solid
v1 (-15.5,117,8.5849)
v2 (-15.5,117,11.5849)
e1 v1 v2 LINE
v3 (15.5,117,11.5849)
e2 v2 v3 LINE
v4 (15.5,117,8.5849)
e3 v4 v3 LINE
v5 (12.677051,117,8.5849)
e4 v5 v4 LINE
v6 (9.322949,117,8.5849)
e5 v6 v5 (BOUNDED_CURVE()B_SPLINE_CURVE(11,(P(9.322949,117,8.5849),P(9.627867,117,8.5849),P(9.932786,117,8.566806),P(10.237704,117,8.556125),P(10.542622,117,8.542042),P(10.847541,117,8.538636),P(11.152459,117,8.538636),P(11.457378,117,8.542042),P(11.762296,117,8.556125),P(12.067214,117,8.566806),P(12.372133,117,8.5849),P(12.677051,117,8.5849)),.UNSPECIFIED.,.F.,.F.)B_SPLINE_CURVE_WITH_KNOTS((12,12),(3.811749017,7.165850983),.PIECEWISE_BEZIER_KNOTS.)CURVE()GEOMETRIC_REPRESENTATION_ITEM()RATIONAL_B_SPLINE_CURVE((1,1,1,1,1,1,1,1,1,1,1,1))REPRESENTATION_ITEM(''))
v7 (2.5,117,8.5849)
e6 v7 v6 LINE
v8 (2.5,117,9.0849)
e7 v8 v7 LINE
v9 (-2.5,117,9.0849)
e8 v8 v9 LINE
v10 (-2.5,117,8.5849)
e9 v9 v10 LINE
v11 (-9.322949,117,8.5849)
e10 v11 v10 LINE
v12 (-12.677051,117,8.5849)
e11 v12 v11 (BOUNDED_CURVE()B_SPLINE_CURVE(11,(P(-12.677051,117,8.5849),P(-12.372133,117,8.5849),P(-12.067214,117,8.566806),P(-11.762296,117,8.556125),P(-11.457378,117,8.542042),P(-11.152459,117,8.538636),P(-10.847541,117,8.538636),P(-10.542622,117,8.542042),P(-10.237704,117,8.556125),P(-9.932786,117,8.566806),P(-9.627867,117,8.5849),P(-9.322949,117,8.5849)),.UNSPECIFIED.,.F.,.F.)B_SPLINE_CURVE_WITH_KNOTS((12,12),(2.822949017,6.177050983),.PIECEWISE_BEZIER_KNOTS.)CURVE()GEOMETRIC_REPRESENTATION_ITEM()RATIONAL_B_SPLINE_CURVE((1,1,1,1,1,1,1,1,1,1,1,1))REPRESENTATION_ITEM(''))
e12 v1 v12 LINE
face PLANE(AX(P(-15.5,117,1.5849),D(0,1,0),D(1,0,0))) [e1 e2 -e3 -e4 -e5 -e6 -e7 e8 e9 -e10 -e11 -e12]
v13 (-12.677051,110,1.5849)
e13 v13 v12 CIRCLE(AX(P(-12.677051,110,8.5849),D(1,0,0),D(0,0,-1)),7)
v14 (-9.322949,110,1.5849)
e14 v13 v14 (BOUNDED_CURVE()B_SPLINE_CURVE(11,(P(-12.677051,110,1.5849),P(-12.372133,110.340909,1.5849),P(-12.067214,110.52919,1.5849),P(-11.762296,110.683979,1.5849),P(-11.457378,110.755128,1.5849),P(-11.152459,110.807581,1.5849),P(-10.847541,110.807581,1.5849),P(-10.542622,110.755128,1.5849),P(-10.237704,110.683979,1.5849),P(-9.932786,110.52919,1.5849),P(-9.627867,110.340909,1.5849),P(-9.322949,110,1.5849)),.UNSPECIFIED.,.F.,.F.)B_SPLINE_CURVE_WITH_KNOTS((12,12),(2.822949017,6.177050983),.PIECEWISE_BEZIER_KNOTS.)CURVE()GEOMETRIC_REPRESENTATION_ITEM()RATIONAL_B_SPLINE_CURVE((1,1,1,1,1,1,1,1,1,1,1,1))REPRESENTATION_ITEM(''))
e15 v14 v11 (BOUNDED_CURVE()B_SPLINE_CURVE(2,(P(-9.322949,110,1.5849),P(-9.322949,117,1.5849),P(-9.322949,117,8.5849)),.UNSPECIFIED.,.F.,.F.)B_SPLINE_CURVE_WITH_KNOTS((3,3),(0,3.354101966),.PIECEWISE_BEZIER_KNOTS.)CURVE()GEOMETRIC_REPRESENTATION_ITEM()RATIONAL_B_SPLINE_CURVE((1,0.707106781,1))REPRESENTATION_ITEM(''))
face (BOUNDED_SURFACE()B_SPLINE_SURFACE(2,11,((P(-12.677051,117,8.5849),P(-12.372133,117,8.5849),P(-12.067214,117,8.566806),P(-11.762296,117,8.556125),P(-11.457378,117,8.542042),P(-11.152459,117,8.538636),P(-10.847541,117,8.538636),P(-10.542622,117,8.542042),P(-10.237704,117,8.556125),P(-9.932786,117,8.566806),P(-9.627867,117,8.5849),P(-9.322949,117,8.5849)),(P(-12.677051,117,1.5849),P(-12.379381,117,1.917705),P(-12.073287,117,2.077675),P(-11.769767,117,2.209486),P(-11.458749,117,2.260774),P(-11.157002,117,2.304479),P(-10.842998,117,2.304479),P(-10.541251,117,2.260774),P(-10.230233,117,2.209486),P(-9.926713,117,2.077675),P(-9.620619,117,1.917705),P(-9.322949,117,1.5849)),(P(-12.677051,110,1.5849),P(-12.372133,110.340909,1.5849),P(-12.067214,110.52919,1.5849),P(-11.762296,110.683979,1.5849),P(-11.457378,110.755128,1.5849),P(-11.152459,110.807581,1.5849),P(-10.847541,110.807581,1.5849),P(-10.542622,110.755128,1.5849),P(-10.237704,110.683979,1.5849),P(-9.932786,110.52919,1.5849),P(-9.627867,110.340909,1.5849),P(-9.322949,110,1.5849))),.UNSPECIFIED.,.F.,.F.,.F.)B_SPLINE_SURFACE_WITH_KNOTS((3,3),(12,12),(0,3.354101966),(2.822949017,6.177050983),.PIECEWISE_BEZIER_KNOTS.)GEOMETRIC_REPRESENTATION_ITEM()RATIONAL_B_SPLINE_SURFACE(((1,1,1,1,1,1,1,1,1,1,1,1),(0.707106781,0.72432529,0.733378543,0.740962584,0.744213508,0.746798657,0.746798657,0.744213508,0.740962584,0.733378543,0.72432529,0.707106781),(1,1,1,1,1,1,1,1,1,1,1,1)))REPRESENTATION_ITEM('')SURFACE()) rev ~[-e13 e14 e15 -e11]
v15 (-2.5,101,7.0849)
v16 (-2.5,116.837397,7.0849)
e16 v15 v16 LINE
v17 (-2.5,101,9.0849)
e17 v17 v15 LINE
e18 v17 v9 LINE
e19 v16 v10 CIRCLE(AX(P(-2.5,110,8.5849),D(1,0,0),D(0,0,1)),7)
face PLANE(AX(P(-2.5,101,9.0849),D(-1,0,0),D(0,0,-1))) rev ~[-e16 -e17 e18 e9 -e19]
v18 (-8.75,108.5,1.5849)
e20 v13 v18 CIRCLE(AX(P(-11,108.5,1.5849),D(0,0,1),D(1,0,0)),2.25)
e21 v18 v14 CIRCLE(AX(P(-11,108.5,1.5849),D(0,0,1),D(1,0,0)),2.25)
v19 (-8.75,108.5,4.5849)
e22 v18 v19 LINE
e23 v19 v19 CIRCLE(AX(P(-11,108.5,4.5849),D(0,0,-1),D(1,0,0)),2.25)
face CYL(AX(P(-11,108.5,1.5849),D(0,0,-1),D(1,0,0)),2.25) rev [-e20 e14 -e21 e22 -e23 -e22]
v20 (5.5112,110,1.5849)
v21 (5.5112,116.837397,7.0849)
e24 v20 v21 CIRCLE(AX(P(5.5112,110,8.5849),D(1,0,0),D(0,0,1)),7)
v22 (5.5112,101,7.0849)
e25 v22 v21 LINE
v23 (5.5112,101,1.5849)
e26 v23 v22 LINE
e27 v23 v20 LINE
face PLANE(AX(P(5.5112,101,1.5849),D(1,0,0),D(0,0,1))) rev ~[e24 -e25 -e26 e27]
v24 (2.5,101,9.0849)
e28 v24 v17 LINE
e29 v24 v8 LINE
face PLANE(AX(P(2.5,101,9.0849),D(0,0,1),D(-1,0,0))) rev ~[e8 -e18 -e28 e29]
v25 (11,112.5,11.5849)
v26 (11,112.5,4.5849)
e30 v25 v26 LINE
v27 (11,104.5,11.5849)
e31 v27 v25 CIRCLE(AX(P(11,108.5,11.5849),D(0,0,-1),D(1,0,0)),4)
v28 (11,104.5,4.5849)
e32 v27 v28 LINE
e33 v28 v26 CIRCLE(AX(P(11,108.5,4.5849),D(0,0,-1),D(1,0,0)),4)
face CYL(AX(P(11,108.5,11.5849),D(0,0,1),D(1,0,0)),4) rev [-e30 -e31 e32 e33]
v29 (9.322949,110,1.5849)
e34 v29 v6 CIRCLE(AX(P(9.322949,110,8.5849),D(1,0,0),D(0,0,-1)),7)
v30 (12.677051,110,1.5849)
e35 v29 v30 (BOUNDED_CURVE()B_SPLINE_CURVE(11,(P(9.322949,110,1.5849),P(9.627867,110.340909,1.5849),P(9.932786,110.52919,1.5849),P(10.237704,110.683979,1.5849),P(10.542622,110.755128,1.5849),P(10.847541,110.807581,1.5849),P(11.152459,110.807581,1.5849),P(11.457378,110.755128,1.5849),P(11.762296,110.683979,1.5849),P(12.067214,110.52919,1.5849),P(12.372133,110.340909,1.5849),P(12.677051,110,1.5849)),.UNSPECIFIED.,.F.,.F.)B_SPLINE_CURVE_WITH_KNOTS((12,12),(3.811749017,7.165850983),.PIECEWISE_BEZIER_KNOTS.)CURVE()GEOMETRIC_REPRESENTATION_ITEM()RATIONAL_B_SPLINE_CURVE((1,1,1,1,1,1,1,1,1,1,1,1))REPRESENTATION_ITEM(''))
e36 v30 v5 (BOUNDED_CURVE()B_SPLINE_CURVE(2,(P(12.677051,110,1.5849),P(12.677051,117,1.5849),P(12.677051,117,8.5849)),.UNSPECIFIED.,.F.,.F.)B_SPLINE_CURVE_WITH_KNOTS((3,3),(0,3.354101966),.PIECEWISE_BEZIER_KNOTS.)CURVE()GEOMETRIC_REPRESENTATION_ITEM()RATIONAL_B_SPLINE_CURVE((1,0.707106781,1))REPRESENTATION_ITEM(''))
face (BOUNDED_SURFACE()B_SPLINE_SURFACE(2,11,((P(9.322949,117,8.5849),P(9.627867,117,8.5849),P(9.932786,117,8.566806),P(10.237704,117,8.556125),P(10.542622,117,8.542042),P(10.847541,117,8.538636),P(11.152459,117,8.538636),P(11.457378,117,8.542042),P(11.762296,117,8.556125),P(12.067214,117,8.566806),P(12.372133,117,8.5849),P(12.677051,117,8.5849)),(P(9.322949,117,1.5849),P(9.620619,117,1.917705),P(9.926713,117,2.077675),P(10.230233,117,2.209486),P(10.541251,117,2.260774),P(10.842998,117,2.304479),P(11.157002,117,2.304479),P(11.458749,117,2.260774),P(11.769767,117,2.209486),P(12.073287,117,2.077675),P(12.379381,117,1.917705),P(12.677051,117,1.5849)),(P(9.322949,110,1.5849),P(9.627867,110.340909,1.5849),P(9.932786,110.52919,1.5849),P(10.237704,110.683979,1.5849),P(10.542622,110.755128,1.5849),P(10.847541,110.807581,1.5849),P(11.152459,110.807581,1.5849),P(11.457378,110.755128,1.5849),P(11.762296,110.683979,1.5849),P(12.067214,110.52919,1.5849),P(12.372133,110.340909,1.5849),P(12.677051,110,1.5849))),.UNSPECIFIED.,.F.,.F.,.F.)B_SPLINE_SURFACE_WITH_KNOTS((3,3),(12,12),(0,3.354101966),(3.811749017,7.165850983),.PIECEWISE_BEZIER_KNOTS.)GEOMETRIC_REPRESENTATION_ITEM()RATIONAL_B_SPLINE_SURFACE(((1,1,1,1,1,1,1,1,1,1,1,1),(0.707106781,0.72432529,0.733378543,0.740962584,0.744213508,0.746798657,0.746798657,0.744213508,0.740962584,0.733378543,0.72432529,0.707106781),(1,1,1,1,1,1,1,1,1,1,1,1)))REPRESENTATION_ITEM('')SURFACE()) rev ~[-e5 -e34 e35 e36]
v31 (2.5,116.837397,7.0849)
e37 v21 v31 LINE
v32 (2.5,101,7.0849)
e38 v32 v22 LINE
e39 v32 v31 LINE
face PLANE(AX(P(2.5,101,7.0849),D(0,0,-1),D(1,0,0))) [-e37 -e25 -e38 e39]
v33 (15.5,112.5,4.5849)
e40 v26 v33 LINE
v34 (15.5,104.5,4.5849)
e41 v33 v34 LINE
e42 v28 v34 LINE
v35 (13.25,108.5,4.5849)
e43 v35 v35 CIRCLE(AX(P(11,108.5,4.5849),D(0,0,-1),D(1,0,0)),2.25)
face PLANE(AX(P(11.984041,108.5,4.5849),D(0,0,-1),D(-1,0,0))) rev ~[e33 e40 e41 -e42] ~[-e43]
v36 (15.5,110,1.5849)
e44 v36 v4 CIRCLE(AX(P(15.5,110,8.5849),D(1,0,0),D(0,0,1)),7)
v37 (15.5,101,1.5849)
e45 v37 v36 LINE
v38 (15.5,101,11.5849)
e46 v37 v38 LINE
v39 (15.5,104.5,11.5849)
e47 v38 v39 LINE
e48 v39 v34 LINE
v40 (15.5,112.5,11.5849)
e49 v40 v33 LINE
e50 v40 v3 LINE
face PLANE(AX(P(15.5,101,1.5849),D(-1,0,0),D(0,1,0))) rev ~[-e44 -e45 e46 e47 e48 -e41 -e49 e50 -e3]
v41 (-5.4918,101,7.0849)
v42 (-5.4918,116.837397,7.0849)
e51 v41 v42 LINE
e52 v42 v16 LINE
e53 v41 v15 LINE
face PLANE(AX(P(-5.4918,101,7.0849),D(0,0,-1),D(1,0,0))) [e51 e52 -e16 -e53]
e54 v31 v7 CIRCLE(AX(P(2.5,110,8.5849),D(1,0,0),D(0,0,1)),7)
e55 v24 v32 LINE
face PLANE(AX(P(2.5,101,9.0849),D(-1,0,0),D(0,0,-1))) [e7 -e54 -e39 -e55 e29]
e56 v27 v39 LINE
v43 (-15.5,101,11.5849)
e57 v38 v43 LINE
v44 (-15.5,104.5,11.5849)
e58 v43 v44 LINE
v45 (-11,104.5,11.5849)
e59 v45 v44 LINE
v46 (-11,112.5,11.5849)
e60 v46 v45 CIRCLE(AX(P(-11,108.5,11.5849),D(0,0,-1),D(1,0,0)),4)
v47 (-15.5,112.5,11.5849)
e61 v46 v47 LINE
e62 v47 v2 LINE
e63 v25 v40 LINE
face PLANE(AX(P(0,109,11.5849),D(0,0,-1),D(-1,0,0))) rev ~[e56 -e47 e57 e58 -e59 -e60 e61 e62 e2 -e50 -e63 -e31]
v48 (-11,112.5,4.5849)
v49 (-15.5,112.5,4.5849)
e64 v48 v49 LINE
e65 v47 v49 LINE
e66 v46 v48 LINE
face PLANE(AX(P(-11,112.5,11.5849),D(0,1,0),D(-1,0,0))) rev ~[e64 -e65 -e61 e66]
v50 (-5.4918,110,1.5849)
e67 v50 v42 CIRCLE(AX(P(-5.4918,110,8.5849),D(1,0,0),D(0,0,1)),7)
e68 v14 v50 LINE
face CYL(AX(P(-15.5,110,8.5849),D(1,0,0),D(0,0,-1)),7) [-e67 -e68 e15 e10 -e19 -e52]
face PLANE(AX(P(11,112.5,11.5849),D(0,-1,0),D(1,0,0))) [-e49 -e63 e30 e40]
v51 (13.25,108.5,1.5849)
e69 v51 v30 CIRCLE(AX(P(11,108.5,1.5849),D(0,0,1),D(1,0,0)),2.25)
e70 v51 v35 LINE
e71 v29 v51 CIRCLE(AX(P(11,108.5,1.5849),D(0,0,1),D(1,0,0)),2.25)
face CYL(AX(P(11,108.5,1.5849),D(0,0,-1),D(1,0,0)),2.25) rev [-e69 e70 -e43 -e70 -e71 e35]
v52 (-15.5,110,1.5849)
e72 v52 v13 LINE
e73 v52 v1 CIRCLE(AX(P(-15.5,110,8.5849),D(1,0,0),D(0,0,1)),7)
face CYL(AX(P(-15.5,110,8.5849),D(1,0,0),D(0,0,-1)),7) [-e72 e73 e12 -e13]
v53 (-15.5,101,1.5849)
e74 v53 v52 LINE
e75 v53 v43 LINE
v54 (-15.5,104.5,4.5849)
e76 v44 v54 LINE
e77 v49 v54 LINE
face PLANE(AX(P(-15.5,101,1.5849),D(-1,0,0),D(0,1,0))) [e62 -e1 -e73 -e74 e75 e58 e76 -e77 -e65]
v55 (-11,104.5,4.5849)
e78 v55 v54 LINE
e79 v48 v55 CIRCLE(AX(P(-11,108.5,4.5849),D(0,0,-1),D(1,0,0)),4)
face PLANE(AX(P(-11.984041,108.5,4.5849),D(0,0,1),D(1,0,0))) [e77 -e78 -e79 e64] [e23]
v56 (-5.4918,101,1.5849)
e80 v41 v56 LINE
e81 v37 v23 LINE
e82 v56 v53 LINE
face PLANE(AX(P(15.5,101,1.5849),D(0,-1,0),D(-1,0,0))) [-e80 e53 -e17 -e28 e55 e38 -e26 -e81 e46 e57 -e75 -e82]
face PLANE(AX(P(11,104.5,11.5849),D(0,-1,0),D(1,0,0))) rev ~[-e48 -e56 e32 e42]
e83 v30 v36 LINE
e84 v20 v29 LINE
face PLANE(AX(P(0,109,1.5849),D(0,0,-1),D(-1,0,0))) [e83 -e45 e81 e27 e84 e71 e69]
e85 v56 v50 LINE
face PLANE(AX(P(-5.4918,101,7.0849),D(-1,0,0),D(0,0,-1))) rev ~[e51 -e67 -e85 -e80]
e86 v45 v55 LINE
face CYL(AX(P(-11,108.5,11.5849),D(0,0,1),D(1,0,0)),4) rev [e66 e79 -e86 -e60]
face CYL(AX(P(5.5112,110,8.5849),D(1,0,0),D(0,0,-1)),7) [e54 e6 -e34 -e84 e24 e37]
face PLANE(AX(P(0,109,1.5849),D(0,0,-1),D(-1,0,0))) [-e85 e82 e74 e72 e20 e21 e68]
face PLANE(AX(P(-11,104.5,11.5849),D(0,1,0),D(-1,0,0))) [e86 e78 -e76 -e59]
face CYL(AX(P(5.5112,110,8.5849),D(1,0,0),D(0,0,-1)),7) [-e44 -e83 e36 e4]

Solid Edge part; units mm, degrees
sketch "Sketch1" plane through (0, 0, 1.5849) normal (0, 0, 1) x (1, 0, 0)
  line L0 (15.5, 101) -> (-15.5, 101)
  line L1 (-15.5, 101) -> (-15.5, 117)
  line L2 (-15.5, 117) -> (15.5, 117)
  line L3 (15.5, 101) -> (15.5, 117)
extrude "Protrusion1" add sketch "Sketch1" along normal blind 10
sketch "Sketch2" plane through (0, 0, 1.5849) normal (0, 0, 1) x (1, 0, 0)
  circle A0 centre (11, 108.5) radius 2.25
  circle A1 centre (-11, 108.5) radius 2.25
extrude "Cutout1" cut sketch "Sketch2" along normal up to next
sketch "Sketch3" plane through (0, 101, 13.75) normal (0, -1, 0) x (1, 0, 0)
  line L0 (2.5, -6.6651) -> (5.5112, -6.6651)
  line L1 (5.5112, -12.1651) -> (5.5112, -6.6651)
  line L2 (-5.4918, -12.1651) -> (5.5112, -12.1651)
  line L3 (-5.4918, -6.6651) -> (-5.4918, -12.1651)
  line L4 (-5.4918, -6.6651) -> (-2.5, -6.6651)
  line L5 (-2.5, -4.6651) -> (-2.5, -6.6651)
  line L6 (2.5, -4.6651) -> (-2.5, -4.6651)
  line L7 (2.5, -4.6651) -> (2.5, -6.6651)
extrude "Cutout2" cut sketch "Sketch3" against normal up to next
sketch "Sketch4" plane through (0, 109, 11.5849) normal (0, 0, 1) x (1, 0, 0)
  line L0 (-15.5, 3.5) -> (-15.5, -4.5)
  line L1 (-11, -4.5) -> (-15.5, -4.5)
  line L2 (-11, 3.5) -> (-15.5, 3.5)
  arc A0 (-11, 3.5) -> (-11, -4.5) centre (-11, -0.5) cw
  line L3 (11, 3.5) -> (15.5, 3.5)
  line L4 (15.5, 3.5) -> (15.5, -4.5)
  line L5 (11, -4.5) -> (15.5, -4.5)
  arc A1 (11, -4.5) -> (11, 3.5) centre (11, -0.5) cw
extrude "ExtrudedCutout_3" cut sketch "Sketch4" against normal blind 7
fillet "Round_1" radius 7 2 edges at (10.5056, 117, 1.5849) (-10.4959, 117, 1.5849)
